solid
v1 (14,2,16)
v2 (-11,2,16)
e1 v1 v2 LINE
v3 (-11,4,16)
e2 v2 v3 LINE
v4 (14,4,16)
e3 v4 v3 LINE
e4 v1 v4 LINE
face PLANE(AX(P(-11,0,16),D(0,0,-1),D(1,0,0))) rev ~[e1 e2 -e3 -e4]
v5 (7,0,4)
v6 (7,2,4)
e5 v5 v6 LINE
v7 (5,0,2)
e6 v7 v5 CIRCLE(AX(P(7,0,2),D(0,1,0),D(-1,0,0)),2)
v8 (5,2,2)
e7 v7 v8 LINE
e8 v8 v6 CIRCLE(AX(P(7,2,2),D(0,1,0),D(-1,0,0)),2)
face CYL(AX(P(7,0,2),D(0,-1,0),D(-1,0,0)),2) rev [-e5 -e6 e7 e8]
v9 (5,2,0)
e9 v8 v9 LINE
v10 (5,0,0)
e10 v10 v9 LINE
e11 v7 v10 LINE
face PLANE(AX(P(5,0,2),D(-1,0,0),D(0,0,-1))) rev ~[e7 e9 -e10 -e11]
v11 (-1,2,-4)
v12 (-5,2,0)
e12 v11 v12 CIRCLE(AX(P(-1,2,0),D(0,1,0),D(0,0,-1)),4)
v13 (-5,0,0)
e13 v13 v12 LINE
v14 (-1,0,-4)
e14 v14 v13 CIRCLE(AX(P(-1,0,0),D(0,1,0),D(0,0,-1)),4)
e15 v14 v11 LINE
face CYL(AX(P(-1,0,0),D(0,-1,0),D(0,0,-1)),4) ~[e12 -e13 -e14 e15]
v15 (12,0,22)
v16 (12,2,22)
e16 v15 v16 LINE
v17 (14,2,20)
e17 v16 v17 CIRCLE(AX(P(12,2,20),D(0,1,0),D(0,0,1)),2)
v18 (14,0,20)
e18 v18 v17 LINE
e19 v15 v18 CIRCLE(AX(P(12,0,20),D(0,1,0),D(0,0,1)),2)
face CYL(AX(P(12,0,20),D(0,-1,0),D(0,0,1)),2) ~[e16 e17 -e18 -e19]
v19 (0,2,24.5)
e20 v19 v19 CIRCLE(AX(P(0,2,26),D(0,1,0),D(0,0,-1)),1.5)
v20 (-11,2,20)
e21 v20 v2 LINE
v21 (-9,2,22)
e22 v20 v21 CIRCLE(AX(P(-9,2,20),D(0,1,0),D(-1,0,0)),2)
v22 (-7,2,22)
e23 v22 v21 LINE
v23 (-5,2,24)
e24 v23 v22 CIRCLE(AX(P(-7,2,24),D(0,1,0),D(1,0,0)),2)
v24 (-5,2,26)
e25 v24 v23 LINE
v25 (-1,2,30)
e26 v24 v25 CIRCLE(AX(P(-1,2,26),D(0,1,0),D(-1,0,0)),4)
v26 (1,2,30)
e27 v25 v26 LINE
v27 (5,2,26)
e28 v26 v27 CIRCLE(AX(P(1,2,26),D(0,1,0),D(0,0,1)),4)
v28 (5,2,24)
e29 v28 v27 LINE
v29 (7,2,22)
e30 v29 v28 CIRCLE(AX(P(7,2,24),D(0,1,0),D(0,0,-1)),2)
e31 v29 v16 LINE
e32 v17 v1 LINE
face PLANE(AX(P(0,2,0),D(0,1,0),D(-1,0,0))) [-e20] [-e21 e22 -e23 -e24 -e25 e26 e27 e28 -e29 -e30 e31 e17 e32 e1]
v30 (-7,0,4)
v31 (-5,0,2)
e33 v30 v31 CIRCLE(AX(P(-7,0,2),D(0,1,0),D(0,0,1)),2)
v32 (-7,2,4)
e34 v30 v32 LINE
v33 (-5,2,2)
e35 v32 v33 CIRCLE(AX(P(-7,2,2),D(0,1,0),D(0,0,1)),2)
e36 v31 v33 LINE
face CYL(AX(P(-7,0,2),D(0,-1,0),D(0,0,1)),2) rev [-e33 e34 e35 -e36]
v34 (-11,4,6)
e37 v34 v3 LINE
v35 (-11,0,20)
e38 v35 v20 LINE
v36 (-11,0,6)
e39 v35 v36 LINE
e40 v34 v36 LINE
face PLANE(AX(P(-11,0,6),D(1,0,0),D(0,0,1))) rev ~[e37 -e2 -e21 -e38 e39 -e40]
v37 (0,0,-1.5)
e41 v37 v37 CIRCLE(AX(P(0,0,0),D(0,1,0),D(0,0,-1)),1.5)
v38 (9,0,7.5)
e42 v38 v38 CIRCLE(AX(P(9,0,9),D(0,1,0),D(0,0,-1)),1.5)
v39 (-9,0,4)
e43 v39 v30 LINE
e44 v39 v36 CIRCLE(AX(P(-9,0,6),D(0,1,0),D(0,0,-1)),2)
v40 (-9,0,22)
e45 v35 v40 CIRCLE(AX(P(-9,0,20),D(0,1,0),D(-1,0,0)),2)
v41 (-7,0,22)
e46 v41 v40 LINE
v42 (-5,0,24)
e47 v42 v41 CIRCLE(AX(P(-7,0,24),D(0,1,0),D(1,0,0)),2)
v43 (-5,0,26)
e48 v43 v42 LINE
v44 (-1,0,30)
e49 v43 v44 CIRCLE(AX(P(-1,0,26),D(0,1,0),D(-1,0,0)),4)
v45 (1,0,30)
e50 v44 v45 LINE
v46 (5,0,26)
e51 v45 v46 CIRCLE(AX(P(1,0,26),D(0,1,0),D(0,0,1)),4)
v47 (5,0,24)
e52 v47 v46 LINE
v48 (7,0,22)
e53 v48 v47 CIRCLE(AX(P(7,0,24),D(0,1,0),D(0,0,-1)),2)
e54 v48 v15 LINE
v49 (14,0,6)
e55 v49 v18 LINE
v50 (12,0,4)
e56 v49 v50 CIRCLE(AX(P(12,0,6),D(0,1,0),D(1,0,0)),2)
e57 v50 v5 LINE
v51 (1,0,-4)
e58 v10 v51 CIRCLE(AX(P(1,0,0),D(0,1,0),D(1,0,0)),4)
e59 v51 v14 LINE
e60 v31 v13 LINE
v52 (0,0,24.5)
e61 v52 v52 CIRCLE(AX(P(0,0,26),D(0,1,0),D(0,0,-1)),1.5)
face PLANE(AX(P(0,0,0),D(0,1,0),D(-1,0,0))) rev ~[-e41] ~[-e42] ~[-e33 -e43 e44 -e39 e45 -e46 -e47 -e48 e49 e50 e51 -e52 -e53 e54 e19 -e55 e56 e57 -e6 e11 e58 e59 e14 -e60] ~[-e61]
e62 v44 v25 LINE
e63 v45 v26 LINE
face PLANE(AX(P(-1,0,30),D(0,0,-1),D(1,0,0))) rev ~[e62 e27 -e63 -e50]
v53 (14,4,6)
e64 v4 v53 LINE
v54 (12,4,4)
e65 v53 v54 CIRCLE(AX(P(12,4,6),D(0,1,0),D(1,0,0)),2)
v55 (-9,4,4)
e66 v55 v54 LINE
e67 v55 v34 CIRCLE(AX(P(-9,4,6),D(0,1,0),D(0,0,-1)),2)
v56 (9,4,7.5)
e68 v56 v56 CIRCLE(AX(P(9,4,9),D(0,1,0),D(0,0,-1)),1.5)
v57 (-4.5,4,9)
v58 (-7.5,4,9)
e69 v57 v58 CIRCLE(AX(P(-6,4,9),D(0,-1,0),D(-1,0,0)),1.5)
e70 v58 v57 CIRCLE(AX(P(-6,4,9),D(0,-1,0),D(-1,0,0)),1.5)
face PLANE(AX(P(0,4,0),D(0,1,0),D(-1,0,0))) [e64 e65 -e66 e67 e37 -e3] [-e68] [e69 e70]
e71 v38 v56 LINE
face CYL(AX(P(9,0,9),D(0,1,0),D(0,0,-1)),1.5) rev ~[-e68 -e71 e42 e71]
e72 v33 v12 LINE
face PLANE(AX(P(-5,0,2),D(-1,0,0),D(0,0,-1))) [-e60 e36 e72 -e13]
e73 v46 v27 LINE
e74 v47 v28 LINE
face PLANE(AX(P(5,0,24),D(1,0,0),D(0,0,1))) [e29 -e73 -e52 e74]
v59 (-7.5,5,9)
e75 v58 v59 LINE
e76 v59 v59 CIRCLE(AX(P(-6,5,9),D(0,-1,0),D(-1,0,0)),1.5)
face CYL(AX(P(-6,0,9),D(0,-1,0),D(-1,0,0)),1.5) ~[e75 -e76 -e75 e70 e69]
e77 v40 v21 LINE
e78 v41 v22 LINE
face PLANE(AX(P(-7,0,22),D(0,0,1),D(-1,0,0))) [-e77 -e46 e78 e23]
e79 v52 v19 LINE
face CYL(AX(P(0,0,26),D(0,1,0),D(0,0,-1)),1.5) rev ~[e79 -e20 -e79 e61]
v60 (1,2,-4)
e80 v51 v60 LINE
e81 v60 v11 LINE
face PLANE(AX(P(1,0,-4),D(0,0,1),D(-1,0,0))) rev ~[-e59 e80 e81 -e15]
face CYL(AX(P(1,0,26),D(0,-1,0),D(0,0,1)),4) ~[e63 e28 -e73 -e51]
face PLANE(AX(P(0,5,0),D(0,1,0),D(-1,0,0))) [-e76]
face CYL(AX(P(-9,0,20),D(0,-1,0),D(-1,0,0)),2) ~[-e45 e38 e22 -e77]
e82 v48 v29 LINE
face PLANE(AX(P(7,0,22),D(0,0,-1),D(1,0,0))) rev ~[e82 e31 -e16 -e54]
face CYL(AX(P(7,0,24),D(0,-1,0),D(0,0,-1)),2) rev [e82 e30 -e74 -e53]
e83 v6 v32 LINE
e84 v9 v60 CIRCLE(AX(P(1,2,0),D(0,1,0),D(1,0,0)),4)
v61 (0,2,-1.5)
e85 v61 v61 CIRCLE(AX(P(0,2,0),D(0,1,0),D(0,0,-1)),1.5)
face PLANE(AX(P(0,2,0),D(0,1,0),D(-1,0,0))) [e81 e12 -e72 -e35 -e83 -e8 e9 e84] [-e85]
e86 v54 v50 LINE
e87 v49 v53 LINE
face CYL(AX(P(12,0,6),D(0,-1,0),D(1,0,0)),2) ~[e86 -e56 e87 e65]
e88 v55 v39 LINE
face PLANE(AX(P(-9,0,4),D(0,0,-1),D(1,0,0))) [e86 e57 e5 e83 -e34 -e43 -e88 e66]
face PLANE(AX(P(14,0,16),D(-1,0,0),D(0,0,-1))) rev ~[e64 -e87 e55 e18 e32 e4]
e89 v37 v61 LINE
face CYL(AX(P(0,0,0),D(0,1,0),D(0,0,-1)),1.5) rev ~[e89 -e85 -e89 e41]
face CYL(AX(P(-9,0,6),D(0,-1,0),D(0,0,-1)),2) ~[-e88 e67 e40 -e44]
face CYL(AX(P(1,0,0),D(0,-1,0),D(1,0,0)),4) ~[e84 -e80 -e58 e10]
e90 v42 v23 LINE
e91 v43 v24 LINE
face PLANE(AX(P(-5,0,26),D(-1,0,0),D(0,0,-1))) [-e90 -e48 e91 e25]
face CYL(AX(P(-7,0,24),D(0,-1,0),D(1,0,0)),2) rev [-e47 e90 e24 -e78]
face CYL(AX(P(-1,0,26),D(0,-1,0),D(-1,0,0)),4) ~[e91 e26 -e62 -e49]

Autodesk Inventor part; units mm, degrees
ref_plane "YZ Plane" through (0, 0, 0) normal (1, 0, 0) x (0, 1, 0)
ref_plane "XZ Plane" through (0, 0, 0) normal (0, 1, 0) x (-1, 0, 0)
ref_plane "XY Plane" through (0, 0, 0) normal (0, 0, 1) x (1, 0, 0)
sketch "Sketch1" plane through (0, 0, 0) normal (0, 1, 0) x (-1, 0, 0)
  line L0 (0, 26) -> (0, 0)
  line L1 (0, 9) -> (6, 9)
  line L2 (6, 9) -> (-9, 9)
  line L3 (11, 6) -> (11, 16)
  line L4 (-14, 16) -> (-14, 6)
  line L5 (1, 30) -> (-1, 30)
  line L6 (-1, -4) -> (1, -4)
  arc A0 (5, 26) -> (1, 30) centre (1, 26) ccw
  arc A1 (-1, 30) -> (-5, 26) centre (-1, 26) ccw
  arc A2 (1, -4) -> (5, 0) centre (1, 0) ccw
  arc A3 (-5, 0) -> (-1, -4) centre (-1, 0) ccw
  line L7 (7, 22) -> (9, 22)
  line L8 (9, 4) -> (7, 4)
  line L9 (-12, 4) -> (-7, 4)
  line L10 (-7, 22) -> (-12, 22)
  line L11 (-14, 20) -> (-14, 16)
  line L12 (-5, 24) -> (-5, 26)
  line L13 (-5, 2) -> (-5, 0)
  arc A4 (-7, 22) -> (-5, 24) centre (-7, 24) ccw
  arc A5 (-12, 22) -> (-14, 20) centre (-12, 20) ccw
  arc A6 (-14, 6) -> (-12, 4) centre (-12, 6) ccw
  arc A7 (-5, 2) -> (-7, 4) centre (-7, 2) ccw
  line L14 (5, 26) -> (5, 24)
  line L15 (5, 2) -> (5, 0)
  arc A8 (5, 24) -> (7, 22) centre (7, 24) ccw
  arc A9 (11, 20) -> (9, 22) centre (9, 20) ccw
  arc A10 (9, 4) -> (11, 6) centre (9, 6) ccw
  arc A11 (7, 4) -> (5, 2) centre (7, 2) ccw
  line L16 (11, 16) -> (11, 20)
  line L17 (11, 16) -> (-14, 16)
  line L18 (9, 4) -> (-12, 4)
  circle A12 centre (6, 9) radius 1.5
  point P0 (0, 0)
  point P1 (-14, 4)
  point P2 (5, 22)
  point P3 (11, 22)
  point P4 (5, 4)
  dimension "d9" = 6
  dimension "d10" = 26
  dimension "d11" = 9
  dimension "d12" = 15
  dimension "d13" = 5
  dimension "d14" = 5
  dimension "d17" = 4
  dimension "d18" = 4
  dimension "d20" = 4
  dimension "d21" = 4
  dimension "d22" = 4
  dimension "d23" = 4
  dimension "d25" = 5
  dimension "d26" = 5
  dimension "d27" = 18
  dimension "d28" = 1
  dimension "d29" = 2
  dimension "d30" = 6
  dimension "d31" = 1
  dimension "d32" = 6
  dimension "d34" = 4
  dimension "d35" = 2
  dimension "d37" = 10
  dimension "d38" = 6
  dimension "d39" = 2
  dimension "d54" = 3
extrude "Extrusion1" add sketch "Sketch1" along normal blind 2 contours A12 | L17 L3 A10 L8 L18 L0 | L17 L11 A5 L10 A4 L12 A1 L5 A0 L14 A8 L7 A9 L16 | L0 L18 L9 A6 L4 L17 | L18 A11 L15 A2 L6 A3 L13 A7
extrude "Extrusion2" add sketch "Sketch1" along normal blind 4 contours A12 | L17 L3 A10 L8 L18 L0 | L0 L18 L9 A6 L4 L17
hole "Hole1" at (0, 0, 26) at (9, 0, 9) at (0, 0, 0) direction (0, 1, 0) diameter 3 depth 8 tip angle 118
extrude "Extrusion4" add sketch "Sketch1" along normal blind 5 contours A12
properties part number "imu_MPU6050Holder_V2"
